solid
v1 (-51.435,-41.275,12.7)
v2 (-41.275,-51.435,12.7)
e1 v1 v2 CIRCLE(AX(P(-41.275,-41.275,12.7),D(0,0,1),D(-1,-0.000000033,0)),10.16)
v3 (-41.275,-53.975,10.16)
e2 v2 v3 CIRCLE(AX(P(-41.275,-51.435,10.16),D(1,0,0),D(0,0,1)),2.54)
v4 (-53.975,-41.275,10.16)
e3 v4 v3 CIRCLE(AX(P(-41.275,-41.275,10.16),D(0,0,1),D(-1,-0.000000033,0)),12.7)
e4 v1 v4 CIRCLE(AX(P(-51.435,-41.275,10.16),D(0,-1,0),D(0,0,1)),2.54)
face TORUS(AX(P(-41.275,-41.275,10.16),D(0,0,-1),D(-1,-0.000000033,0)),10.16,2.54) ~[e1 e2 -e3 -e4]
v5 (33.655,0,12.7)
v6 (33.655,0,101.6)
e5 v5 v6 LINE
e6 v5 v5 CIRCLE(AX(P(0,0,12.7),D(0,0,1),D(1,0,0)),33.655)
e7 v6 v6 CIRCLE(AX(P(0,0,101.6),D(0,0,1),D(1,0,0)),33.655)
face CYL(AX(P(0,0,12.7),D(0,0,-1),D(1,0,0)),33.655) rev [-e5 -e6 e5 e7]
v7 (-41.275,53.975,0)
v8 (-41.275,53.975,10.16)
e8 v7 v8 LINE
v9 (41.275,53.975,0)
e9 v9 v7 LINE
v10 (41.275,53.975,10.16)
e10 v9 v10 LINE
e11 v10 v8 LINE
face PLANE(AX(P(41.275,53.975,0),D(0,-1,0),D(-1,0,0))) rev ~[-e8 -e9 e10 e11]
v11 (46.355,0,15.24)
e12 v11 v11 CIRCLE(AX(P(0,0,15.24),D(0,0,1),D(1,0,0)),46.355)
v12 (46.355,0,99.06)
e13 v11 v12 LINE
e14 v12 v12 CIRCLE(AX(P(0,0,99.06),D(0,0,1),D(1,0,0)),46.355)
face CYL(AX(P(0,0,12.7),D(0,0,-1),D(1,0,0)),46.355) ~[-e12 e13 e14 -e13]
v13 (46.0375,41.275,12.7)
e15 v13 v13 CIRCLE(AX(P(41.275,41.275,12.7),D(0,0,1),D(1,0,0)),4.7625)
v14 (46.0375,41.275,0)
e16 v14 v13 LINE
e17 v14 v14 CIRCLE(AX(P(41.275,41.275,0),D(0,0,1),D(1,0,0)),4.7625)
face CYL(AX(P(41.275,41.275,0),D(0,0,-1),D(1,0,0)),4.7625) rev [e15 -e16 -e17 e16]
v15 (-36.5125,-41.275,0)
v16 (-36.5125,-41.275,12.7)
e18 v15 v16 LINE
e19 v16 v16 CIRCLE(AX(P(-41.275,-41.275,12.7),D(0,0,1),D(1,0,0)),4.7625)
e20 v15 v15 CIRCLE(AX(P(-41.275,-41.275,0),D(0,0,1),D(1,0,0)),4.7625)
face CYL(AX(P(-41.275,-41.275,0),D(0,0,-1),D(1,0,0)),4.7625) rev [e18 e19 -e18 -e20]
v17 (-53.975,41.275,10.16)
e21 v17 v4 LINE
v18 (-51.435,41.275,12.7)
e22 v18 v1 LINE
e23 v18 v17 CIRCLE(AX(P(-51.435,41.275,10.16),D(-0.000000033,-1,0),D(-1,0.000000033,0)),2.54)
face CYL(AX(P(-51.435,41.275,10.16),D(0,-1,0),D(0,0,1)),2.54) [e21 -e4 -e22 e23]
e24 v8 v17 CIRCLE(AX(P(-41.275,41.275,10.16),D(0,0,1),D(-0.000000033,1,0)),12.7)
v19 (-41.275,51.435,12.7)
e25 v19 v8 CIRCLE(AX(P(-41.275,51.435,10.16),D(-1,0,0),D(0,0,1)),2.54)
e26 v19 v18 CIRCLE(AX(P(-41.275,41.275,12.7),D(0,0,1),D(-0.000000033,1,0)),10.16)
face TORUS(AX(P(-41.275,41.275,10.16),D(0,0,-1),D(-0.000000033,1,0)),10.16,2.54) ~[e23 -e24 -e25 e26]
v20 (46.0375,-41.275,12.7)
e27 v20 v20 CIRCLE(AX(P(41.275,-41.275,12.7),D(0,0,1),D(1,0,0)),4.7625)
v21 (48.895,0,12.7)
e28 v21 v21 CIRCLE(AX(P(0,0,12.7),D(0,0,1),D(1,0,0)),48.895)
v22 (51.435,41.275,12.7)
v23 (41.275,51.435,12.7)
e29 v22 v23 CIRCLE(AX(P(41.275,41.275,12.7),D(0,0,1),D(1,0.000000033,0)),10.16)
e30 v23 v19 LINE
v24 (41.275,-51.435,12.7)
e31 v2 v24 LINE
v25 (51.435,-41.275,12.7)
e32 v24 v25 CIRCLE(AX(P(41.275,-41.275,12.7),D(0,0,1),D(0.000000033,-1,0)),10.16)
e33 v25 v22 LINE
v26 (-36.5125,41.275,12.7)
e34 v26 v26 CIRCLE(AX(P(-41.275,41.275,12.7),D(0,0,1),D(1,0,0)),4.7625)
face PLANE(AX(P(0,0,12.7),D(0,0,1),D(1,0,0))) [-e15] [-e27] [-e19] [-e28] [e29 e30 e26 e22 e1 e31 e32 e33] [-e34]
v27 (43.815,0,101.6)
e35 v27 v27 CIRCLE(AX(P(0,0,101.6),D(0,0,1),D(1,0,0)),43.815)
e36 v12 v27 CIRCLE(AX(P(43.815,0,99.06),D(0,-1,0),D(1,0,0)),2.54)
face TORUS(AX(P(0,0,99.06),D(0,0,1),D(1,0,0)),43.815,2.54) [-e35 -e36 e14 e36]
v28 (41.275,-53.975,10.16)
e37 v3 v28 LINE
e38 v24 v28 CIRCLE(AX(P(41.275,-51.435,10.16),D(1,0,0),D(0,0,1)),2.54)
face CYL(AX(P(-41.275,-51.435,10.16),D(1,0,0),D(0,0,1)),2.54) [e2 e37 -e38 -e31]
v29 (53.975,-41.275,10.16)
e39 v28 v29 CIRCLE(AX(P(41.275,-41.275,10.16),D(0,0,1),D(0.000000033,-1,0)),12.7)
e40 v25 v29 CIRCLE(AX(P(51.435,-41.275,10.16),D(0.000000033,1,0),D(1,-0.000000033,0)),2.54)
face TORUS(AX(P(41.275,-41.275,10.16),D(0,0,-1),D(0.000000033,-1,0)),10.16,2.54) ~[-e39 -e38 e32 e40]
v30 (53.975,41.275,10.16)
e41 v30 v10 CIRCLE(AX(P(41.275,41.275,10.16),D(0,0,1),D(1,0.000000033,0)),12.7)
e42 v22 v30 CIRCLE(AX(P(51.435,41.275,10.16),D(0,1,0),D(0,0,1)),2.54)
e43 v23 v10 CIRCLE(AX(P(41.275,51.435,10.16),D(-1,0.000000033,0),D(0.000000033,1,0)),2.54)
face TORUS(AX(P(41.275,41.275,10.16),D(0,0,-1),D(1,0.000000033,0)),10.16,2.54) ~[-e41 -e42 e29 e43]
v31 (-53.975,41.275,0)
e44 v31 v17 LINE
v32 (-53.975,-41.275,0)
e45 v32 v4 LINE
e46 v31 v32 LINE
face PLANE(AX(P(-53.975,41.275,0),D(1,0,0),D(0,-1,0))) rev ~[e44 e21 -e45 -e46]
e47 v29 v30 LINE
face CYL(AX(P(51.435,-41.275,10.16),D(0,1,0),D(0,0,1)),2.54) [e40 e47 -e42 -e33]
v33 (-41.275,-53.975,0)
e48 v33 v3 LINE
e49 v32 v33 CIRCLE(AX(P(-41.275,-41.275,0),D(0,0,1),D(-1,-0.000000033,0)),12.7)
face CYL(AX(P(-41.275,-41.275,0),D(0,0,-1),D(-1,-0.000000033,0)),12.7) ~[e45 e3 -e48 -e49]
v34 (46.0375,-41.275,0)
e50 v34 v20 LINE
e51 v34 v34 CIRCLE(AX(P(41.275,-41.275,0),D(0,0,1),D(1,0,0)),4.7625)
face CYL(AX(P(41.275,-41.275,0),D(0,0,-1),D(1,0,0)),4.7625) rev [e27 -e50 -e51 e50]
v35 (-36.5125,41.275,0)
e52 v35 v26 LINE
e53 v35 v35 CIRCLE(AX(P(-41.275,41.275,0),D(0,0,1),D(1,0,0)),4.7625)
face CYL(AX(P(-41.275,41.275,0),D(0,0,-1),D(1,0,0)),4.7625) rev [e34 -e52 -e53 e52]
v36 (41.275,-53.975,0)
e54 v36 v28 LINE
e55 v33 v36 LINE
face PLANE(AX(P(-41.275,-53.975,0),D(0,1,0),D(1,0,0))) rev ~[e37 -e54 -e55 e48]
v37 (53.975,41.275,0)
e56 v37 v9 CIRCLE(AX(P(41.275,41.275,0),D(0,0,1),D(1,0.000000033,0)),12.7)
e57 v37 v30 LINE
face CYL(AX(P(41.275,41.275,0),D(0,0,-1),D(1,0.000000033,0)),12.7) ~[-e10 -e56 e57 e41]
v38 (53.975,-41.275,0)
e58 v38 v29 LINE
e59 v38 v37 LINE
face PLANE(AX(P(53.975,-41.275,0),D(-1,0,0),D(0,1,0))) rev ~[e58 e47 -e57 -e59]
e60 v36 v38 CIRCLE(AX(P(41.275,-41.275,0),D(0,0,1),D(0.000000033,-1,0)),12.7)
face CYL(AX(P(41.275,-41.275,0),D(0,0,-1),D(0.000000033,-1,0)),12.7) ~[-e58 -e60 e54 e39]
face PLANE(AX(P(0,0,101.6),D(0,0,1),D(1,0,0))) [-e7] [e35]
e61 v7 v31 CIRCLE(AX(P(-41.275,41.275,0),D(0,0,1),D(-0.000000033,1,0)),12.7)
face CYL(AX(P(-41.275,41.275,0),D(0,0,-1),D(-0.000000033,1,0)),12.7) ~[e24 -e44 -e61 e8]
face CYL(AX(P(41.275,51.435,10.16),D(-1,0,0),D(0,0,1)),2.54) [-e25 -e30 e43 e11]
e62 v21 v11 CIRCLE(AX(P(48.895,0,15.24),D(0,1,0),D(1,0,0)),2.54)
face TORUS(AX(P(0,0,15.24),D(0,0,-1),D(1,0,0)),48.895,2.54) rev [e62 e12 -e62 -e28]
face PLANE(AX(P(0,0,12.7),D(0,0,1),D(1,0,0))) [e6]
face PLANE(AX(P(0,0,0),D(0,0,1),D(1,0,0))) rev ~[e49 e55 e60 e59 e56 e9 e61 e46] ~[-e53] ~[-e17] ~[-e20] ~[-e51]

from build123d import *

# Parameters (mm, degrees)
F0_R     = 4.7625
F1_DEPTH = 12.7
F2_R     = 46.355
F2_R_2   = 33.655
F3_DEPTH = 88.9
F4_R     = 2.54


with BuildPart() as f1:
    # F0 (on Top) → F1 (new body)
    with BuildSketch(Plane.XY):
        with BuildLine():
            ThreePointArc((53.975, 41.275), (50.255256, 50.255256), (41.275, 53.975))
            Line((41.275, 53.975), (-41.275, 53.975))
            ThreePointArc((-41.275, 53.975), (-50.255256, 50.255256), (-53.975, 41.275))
            Line((-53.975, 41.275), (-53.975, -41.275))
            ThreePointArc((-53.975, -41.275), (-50.255256, -50.255256), (-41.275, -53.975))
            Line((-41.275, -53.975), (41.275, -53.975))
            ThreePointArc((41.275, -53.975), (50.255256, -50.255256), (53.975, -41.275))
            Line((53.975, -41.275), (53.975, 41.275))
        make_face()
        with Locations((-41.275, -41.275)):
            Circle(F0_R, mode=Mode.SUBTRACT)
        with Locations((41.275, -41.275)):
            Circle(F0_R, mode=Mode.SUBTRACT)
        with Locations((-41.275, 41.275)):
            Circle(F0_R, mode=Mode.SUBTRACT)
        with Locations((41.275, 41.275)):
            Circle(F0_R, mode=Mode.SUBTRACT)
    extrude(amount=F1_DEPTH)

    # F2 (on face) → F3 (join)
    with BuildSketch(Plane.XY.offset(12.7)):
        Circle(F2_R)
        Circle(F2_R_2, mode=Mode.SUBTRACT)
    extrude(amount=F3_DEPTH)

    # F4
    f4_edges = [f1.edges().sort_by_distance(p)[0] for p in [
        (-46.355, 0, 12.7),
        (0, -53.975, 12.7),
        (-46.355, 0, 101.6),
    ]]
    fillet(f4_edges, radius=F4_R)


solid = f1.part
